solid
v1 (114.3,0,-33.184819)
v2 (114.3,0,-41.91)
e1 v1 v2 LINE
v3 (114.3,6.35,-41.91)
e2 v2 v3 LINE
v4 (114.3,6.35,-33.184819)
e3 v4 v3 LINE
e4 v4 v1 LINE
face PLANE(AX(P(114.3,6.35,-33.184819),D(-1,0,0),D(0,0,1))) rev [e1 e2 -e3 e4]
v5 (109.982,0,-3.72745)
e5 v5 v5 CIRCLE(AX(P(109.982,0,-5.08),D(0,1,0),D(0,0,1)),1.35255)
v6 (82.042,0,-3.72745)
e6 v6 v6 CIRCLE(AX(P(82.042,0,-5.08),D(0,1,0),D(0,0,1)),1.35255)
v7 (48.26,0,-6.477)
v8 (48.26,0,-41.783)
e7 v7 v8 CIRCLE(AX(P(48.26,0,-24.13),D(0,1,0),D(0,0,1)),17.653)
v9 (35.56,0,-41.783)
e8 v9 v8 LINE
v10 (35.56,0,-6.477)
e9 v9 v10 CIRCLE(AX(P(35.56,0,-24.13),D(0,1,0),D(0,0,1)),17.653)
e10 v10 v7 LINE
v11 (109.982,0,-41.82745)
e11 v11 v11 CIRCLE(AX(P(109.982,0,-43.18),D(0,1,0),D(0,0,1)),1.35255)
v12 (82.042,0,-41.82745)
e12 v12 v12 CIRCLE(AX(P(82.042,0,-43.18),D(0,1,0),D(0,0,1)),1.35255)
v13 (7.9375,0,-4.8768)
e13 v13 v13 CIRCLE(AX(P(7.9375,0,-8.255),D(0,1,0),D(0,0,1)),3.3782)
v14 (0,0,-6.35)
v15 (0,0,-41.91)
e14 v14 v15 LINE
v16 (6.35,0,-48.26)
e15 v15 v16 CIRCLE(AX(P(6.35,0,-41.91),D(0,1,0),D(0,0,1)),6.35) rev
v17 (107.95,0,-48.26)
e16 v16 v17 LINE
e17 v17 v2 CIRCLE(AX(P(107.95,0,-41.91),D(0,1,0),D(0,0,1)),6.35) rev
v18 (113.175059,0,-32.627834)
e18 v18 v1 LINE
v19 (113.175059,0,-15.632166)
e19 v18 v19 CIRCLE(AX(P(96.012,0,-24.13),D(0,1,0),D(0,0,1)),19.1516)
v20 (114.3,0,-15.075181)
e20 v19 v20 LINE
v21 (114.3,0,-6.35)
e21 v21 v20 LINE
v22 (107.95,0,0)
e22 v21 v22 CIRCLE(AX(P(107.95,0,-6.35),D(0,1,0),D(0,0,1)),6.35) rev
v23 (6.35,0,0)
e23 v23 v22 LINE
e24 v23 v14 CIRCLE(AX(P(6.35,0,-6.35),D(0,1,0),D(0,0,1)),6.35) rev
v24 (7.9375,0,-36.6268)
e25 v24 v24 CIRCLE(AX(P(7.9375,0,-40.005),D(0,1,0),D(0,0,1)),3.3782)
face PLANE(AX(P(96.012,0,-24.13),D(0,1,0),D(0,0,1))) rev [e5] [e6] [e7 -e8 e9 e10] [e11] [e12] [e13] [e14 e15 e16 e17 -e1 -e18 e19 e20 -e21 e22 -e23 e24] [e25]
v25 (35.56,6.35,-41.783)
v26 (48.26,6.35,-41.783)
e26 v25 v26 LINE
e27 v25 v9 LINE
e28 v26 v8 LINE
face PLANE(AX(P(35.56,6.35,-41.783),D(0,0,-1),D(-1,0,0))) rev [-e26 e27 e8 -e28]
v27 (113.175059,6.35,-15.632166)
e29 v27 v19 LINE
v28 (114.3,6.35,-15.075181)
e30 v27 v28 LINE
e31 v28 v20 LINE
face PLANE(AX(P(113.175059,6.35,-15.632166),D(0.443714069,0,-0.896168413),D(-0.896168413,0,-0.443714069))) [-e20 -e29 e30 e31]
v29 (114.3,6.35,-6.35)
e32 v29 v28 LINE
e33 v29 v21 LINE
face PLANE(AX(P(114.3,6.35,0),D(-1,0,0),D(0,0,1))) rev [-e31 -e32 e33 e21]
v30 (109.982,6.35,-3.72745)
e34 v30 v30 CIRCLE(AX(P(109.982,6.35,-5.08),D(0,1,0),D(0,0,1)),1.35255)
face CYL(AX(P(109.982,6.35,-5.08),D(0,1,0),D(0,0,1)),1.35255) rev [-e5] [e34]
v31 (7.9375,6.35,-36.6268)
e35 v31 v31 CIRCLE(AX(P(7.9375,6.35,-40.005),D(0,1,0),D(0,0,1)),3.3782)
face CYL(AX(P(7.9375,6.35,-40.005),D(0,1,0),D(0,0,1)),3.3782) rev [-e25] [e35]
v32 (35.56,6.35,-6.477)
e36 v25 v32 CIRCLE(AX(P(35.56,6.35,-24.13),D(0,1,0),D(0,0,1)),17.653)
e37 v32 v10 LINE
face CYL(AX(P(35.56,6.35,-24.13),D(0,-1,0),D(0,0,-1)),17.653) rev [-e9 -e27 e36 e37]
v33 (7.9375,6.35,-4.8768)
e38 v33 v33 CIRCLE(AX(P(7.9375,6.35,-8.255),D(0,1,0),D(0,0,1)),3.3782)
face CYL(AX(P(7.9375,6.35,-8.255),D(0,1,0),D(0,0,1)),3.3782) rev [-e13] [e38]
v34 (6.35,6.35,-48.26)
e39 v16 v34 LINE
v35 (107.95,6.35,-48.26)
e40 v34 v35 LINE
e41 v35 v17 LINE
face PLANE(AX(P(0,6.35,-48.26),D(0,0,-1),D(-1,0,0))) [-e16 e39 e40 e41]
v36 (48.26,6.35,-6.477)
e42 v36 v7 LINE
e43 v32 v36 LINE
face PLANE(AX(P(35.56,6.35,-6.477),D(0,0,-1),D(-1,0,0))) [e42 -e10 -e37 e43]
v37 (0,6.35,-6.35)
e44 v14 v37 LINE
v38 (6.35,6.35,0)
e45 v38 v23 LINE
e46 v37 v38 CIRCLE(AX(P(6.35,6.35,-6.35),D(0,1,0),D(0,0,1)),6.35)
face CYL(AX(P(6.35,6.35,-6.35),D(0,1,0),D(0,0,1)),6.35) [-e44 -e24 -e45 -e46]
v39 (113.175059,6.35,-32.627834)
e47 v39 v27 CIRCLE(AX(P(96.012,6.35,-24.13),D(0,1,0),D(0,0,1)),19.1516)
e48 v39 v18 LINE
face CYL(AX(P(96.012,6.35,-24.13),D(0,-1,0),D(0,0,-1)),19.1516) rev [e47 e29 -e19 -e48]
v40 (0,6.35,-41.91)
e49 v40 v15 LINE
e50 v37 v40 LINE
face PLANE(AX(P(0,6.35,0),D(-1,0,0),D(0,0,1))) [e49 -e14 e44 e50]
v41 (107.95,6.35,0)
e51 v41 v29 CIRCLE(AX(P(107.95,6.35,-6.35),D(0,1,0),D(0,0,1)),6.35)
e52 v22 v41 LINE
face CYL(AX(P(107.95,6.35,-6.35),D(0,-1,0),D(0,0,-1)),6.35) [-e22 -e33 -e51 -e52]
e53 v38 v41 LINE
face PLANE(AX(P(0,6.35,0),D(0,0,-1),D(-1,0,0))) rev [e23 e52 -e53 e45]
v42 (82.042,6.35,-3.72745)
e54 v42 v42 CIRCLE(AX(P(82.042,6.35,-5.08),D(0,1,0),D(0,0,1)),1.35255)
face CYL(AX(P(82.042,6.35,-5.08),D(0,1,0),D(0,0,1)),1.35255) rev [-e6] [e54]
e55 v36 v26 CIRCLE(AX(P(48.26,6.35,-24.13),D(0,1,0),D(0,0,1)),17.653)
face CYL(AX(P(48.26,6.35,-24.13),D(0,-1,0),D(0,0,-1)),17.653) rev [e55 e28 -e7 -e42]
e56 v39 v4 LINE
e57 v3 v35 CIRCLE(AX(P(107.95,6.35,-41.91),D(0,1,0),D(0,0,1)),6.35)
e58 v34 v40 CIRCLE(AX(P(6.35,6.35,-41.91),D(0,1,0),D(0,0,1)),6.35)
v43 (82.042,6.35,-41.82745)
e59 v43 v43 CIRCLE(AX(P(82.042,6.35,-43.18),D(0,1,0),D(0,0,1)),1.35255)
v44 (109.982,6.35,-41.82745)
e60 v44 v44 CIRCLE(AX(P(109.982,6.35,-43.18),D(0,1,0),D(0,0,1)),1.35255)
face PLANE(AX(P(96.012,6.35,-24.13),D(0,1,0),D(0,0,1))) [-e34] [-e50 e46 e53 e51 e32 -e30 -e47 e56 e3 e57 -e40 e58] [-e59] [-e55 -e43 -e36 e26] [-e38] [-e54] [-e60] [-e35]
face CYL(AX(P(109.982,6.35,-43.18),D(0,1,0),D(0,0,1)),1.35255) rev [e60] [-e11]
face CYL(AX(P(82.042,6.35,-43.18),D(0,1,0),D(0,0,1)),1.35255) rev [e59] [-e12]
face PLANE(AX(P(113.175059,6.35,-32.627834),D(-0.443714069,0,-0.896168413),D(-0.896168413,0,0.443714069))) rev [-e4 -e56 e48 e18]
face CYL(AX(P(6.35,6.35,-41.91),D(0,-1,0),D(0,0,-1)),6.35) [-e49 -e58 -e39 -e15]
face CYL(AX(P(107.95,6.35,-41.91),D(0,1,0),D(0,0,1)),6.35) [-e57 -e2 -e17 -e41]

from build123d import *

# Parameters (mm, degrees)
BOSS_EXTRUDE1_DEPTH       = 6.35
FILLET1_R                 = 6.35
F_1_4_CLEARANCE_HOLE1_D   = 6.7564
TAP_DRILL_FOR_6_32_TAP1_D = 2.7051


with BuildPart() as part:
    # Sketch1 → Boss-Extrude1 (new body)
    with BuildSketch(Plane(origin=(0, 0, 0), x_dir=(1, 0, 0), z_dir=(0, 1, 0))):
        with BuildLine():
            Line((0, 0), (114.3, 0))
            Line((114.3, 0), (114.3, 15.075180871))
            Line((114.3, 15.075180871), (113.175058985, 15.632165638))
            ThreePointArc((113.175058985, 15.632165638), (76.8604, 24.13), (113.175058985, 32.627834362))
            Line((113.175058985, 32.627834362), (114.3, 33.184819129))
            Line((114.3, 33.184819129), (114.3, 48.26))
            Line((114.3, 48.26), (0, 48.26))
            Line((0, 48.26), (0, 0))
        make_face()
        with BuildLine():
            Line((35.56, 41.783), (48.26, 41.783))
            ThreePointArc((48.26, 41.783), (65.913, 24.13), (48.26, 6.477))
            Line((48.26, 6.477), (35.56, 6.477))
            ThreePointArc((35.56, 6.477), (17.907, 24.13), (35.56, 41.783))
        make_face(mode=Mode.SUBTRACT)
    extrude(amount=BOSS_EXTRUDE1_DEPTH)

    # Fillet1
    fillet1_edges = [part.edges().sort_by_distance(p)[0] for p in [
        (0, 3.175, 0),
        (0, 3.175, -48.26),
        (114.3, 3.175, -48.26),
        (114.3, 3.175, 0),
    ]]
    fillet(fillet1_edges, radius=FILLET1_R)

    # 1/4 Clearance Hole1 (through all)
    with Locations(Plane(origin=(0, 6.35, 0), x_dir=(1, 0, 0), z_dir=(0, 1, 0))):
        with Locations((7.9375, 40.005), (7.9375, 8.255)):
            Hole(F_1_4_CLEARANCE_HOLE1_D / 2)

    # Tap Drill for #6-32 Tap1 (through all)
    with Locations(Plane(origin=(0, 6.35, 0), x_dir=(1, 0, 0), z_dir=(0, 1, 0))):
        with Locations((82.042, 43.18), (109.982, 43.18), (109.982, 5.08), (82.042, 5.08), (96.012, 24.13)):
            Hole(TAP_DRILL_FOR_6_32_TAP1_D / 2)


solid = part.part
